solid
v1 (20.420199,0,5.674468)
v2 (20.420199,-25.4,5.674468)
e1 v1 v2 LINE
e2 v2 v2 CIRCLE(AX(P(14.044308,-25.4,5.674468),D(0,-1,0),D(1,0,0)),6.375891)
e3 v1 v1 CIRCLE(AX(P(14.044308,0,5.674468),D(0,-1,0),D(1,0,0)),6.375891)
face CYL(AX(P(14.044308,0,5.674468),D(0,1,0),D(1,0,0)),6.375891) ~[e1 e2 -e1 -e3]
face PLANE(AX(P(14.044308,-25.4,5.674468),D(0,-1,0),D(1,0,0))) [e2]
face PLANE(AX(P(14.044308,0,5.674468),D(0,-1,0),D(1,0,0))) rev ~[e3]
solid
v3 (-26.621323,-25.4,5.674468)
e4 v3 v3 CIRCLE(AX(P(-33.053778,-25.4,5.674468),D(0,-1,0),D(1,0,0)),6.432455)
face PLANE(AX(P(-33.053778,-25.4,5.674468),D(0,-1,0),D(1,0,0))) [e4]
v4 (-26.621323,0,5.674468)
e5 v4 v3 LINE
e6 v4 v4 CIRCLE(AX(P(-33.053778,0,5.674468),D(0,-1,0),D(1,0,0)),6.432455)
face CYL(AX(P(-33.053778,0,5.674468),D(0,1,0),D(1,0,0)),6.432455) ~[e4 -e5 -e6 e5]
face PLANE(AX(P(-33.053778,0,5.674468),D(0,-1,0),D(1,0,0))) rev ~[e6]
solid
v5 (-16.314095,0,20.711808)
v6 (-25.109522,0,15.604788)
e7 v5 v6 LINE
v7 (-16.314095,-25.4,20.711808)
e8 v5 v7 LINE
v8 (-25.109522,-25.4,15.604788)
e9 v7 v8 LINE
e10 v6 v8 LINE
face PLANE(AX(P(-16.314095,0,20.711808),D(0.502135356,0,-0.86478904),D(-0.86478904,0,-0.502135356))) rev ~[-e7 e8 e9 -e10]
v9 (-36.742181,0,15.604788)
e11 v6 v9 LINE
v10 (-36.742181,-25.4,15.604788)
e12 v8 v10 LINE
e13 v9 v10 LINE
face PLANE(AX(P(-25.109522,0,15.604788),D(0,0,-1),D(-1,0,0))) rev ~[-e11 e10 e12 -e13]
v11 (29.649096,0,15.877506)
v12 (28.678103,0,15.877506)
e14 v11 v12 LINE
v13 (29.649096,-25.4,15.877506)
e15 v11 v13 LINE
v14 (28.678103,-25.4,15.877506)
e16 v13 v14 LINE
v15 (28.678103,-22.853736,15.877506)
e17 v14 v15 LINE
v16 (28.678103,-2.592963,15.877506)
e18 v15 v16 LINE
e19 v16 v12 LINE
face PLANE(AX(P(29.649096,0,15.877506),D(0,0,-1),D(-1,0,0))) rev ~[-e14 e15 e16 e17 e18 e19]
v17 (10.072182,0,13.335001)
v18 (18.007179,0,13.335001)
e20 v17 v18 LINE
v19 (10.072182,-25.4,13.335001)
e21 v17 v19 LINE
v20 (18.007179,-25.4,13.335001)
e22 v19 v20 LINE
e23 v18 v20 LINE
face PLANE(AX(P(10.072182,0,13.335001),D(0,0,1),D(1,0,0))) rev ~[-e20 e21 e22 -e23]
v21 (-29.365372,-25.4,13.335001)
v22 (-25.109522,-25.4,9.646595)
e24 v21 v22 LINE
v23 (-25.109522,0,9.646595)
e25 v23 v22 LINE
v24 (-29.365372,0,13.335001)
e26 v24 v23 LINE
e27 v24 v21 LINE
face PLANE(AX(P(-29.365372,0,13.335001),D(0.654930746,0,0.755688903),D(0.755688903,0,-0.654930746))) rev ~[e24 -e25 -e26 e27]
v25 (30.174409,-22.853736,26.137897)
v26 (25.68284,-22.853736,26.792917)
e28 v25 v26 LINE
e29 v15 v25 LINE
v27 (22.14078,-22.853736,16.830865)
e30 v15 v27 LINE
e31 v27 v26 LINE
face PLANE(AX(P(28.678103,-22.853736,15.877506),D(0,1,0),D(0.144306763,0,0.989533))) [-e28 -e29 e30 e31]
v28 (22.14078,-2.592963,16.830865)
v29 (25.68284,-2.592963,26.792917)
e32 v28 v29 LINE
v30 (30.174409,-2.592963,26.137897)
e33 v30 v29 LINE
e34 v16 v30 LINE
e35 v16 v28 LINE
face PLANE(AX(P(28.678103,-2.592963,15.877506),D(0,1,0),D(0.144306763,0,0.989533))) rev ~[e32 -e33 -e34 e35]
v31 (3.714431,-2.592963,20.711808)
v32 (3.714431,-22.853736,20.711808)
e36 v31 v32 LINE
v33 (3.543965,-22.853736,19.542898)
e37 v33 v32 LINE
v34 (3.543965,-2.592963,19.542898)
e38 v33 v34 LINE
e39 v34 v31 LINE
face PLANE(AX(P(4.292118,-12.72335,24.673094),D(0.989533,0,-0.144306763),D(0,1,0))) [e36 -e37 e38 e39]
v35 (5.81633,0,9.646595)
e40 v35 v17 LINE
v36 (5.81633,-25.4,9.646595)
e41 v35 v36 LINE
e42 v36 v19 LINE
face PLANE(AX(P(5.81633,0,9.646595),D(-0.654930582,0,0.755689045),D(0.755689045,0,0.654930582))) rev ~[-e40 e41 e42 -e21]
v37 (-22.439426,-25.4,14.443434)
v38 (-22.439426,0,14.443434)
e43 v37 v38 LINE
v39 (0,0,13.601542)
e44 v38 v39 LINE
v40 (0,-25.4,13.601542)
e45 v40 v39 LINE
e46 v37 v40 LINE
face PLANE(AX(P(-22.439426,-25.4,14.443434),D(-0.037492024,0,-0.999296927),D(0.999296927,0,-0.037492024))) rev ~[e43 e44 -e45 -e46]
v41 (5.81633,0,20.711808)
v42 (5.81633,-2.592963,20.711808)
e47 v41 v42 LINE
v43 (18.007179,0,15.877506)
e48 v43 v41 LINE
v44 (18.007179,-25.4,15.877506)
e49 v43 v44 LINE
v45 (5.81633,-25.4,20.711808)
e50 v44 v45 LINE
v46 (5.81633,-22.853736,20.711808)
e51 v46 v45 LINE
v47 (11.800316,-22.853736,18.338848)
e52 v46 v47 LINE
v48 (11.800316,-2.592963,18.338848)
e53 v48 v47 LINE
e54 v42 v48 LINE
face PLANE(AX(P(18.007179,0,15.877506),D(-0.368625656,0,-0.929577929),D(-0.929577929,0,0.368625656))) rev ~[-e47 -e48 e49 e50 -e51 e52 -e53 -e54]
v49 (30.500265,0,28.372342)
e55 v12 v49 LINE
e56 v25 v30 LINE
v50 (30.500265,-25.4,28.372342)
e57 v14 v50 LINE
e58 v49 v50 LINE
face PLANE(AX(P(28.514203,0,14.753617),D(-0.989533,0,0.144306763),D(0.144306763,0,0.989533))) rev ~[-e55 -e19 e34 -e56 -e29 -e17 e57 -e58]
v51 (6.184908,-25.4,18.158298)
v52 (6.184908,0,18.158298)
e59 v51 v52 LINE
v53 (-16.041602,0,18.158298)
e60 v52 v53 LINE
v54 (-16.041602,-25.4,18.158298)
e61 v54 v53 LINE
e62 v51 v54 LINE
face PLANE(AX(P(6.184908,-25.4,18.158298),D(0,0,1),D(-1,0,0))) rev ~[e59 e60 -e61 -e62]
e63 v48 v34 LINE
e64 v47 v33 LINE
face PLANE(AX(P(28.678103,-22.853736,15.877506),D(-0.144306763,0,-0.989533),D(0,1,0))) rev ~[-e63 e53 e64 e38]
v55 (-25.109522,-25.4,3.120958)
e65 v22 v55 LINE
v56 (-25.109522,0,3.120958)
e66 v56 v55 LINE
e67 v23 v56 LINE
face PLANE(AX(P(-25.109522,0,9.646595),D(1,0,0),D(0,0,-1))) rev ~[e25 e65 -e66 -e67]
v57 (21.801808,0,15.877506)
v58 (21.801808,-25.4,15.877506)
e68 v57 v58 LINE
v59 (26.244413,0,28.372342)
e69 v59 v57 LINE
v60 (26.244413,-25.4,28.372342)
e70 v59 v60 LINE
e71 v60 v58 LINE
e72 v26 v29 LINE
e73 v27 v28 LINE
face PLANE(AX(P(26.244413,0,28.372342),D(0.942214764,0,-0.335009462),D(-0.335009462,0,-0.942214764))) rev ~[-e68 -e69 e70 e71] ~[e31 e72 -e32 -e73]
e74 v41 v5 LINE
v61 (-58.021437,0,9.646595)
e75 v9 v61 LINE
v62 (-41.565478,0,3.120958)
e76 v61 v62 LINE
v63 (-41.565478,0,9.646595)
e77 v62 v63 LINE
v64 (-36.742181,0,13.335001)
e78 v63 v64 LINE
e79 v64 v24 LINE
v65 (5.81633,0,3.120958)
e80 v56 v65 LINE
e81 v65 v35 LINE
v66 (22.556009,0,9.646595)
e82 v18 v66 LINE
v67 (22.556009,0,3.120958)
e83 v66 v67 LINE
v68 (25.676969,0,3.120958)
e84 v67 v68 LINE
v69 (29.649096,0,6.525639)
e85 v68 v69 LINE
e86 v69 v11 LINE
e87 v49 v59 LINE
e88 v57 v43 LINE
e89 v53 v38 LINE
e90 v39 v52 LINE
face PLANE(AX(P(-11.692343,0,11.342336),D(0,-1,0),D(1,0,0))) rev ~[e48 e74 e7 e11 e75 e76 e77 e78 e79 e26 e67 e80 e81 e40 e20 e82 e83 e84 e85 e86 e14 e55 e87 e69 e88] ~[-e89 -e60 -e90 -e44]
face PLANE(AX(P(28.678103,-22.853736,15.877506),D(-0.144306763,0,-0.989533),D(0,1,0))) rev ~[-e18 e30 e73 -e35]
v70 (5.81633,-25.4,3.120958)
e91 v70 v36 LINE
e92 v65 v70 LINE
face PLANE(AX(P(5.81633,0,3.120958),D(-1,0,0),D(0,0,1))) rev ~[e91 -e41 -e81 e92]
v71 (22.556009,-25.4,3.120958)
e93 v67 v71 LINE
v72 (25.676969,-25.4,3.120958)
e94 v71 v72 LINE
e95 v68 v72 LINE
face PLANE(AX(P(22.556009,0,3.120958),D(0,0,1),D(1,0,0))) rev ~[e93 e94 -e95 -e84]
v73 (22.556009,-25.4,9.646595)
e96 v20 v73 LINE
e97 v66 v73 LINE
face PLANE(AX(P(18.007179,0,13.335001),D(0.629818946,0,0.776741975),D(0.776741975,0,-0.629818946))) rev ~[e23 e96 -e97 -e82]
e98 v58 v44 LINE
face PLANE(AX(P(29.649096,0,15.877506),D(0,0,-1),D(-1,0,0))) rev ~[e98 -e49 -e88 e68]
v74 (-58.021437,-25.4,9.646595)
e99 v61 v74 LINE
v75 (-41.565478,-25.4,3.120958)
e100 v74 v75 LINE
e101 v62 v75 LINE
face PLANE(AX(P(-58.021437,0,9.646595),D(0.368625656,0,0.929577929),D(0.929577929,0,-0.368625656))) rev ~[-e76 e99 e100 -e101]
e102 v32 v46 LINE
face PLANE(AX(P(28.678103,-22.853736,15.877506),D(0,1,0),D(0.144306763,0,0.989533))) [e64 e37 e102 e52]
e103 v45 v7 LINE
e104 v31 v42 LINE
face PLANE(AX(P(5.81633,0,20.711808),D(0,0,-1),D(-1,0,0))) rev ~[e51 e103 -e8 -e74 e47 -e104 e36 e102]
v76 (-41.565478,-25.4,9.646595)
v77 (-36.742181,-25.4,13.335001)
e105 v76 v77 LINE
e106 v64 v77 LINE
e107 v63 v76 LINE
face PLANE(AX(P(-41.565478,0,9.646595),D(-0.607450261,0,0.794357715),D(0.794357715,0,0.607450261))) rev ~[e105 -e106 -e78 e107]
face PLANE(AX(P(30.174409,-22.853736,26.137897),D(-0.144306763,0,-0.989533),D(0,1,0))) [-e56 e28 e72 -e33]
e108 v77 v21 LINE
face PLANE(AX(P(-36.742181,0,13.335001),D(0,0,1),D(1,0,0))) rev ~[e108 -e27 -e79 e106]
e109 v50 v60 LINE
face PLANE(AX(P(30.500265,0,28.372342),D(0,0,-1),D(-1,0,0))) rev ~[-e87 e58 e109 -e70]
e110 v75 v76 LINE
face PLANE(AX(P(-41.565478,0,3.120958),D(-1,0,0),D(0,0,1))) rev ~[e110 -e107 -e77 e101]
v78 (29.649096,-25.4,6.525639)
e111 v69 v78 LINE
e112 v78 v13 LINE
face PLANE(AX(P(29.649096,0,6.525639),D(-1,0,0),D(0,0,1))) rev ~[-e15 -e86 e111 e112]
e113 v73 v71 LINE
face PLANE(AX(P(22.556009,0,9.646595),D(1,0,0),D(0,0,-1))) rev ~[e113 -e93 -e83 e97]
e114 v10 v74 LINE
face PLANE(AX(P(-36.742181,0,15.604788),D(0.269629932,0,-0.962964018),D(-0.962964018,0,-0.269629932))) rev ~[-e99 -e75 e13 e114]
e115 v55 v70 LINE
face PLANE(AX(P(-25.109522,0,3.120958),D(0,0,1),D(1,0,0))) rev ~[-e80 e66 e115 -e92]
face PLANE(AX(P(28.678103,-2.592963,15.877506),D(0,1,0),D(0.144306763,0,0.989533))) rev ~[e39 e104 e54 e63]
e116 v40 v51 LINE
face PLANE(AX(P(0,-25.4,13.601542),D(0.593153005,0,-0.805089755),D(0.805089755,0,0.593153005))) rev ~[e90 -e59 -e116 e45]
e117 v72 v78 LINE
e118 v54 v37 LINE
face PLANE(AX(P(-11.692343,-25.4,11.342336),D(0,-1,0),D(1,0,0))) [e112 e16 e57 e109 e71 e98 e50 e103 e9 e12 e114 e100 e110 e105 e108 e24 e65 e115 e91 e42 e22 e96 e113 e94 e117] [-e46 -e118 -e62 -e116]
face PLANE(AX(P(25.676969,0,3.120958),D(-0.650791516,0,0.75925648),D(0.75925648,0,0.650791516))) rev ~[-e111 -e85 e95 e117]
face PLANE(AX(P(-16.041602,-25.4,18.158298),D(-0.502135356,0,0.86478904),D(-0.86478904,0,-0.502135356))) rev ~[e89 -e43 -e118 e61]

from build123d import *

# Parameters (mm, degrees)
F0_R      = 6.4324551625
F1_DEPTH  = 25.4
F0_R_2    = 6.3758906755
F3_DEPTH  = 25.4
F5_DEPTH  = 25.4
F7_DEPTH  = 22.86
F8_W      = 20.260772435
F8_H      = 10.3689224105
F9_DEPTH  = 25.4
F11_DEPTH = 25.4


with BuildPart() as f1:
    # F0 (on Front) → F1 (new body)
    with BuildSketch(Plane.XZ):
        with Locations((-33.0537781119, 5.6744683534)):
            Circle(F0_R)
    extrude(amount=F1_DEPTH)

    # F6 (on Front) → F7 (cut)
    with BuildSketch(Plane.XZ):
        Polygon((-14.8954782635, 17.8745742887), (-19.4350536913, 14.7536173463), (5.2488842048, 14.7536173463), (5.2488842048, 17.8745742887), align=None)
    extrude(amount=-F7_DEPTH, mode=Mode.SUBTRACT)


with BuildPart() as f1b:
    # F0 (on Front) → F1, piece 2 (new body)
    with BuildSketch(Plane.XZ):
        with Locations((14.0443081036, 5.6744683534)):
            Circle(F0_R_2)
    extrude(amount=F1_DEPTH)


with BuildPart() as f3:
    # F2 (on Front) → F3 (new body)
    with BuildSketch(Plane.XZ):
        Polygon((-25.1095220447, 9.6465954557), (-25.1095220447, 3.1209576409), (5.8163302019, 3.1209576409), (5.8163302019, 9.6465954557), (10.0721819326, 13.3350007236), (18.0071789661, 13.3350007236), (22.5560087711, 9.6465954557), (22.5560087711, 3.1209576409), (25.6769694388, 3.1209576409), (29.6490956098, 6.5256385133), (29.6490956098, 15.8775064075), (18.0071789661, 15.8775064075), (5.8163302019, 20.7118075341), (-16.3140948862, 20.7118075341), (-25.1095220447, 15.6047875062), (-36.7421805859, 15.6047875062), (-58.0214373767, 9.6465954557), (-41.5654778481, 3.1209576409), (-41.5654778481, 9.6465954557), (-36.7421805859, 13.3350007236), (-29.3653719127, 13.3350007236), align=None)
    extrude(amount=F3_DEPTH)

    # F4 (on Front) → F5 (join)
    with BuildSketch(Plane.XZ):
        Polygon((21.7048414052, 15.6047875062), (28.5142026842, 14.7536173463), (30.5002648383, 28.372341767), (26.2444131076, 28.372341767), align=None)
    extrude(amount=F5_DEPTH)

    # F8 (on face) → F9 (cut)
    with BuildSketch(Plane(origin=(25.8136482921, 0, -3.7644869189), x_dir=(0, 1, 0), z_dir=(0.989533, 0, -0.1443067633))):
        with Locations((-12.7233496169, 25.0342219779)):
            Rectangle(F8_W, F8_H)
    extrude(amount=-F9_DEPTH, mode=Mode.SUBTRACT)

    # F10 (on face) → F11 (cut)
    with BuildSketch(Plane.XZ.offset(25.4)):
        Polygon((-16.0416022874, 18.1582975201), (-22.4394258112, 14.4434338436), (0, 13.6015424505), (6.1849080957, 18.1582975201), align=None)
    extrude(amount=-F11_DEPTH, mode=Mode.SUBTRACT)


solid = Compound([f1.part, f1b.part, f3.part])
